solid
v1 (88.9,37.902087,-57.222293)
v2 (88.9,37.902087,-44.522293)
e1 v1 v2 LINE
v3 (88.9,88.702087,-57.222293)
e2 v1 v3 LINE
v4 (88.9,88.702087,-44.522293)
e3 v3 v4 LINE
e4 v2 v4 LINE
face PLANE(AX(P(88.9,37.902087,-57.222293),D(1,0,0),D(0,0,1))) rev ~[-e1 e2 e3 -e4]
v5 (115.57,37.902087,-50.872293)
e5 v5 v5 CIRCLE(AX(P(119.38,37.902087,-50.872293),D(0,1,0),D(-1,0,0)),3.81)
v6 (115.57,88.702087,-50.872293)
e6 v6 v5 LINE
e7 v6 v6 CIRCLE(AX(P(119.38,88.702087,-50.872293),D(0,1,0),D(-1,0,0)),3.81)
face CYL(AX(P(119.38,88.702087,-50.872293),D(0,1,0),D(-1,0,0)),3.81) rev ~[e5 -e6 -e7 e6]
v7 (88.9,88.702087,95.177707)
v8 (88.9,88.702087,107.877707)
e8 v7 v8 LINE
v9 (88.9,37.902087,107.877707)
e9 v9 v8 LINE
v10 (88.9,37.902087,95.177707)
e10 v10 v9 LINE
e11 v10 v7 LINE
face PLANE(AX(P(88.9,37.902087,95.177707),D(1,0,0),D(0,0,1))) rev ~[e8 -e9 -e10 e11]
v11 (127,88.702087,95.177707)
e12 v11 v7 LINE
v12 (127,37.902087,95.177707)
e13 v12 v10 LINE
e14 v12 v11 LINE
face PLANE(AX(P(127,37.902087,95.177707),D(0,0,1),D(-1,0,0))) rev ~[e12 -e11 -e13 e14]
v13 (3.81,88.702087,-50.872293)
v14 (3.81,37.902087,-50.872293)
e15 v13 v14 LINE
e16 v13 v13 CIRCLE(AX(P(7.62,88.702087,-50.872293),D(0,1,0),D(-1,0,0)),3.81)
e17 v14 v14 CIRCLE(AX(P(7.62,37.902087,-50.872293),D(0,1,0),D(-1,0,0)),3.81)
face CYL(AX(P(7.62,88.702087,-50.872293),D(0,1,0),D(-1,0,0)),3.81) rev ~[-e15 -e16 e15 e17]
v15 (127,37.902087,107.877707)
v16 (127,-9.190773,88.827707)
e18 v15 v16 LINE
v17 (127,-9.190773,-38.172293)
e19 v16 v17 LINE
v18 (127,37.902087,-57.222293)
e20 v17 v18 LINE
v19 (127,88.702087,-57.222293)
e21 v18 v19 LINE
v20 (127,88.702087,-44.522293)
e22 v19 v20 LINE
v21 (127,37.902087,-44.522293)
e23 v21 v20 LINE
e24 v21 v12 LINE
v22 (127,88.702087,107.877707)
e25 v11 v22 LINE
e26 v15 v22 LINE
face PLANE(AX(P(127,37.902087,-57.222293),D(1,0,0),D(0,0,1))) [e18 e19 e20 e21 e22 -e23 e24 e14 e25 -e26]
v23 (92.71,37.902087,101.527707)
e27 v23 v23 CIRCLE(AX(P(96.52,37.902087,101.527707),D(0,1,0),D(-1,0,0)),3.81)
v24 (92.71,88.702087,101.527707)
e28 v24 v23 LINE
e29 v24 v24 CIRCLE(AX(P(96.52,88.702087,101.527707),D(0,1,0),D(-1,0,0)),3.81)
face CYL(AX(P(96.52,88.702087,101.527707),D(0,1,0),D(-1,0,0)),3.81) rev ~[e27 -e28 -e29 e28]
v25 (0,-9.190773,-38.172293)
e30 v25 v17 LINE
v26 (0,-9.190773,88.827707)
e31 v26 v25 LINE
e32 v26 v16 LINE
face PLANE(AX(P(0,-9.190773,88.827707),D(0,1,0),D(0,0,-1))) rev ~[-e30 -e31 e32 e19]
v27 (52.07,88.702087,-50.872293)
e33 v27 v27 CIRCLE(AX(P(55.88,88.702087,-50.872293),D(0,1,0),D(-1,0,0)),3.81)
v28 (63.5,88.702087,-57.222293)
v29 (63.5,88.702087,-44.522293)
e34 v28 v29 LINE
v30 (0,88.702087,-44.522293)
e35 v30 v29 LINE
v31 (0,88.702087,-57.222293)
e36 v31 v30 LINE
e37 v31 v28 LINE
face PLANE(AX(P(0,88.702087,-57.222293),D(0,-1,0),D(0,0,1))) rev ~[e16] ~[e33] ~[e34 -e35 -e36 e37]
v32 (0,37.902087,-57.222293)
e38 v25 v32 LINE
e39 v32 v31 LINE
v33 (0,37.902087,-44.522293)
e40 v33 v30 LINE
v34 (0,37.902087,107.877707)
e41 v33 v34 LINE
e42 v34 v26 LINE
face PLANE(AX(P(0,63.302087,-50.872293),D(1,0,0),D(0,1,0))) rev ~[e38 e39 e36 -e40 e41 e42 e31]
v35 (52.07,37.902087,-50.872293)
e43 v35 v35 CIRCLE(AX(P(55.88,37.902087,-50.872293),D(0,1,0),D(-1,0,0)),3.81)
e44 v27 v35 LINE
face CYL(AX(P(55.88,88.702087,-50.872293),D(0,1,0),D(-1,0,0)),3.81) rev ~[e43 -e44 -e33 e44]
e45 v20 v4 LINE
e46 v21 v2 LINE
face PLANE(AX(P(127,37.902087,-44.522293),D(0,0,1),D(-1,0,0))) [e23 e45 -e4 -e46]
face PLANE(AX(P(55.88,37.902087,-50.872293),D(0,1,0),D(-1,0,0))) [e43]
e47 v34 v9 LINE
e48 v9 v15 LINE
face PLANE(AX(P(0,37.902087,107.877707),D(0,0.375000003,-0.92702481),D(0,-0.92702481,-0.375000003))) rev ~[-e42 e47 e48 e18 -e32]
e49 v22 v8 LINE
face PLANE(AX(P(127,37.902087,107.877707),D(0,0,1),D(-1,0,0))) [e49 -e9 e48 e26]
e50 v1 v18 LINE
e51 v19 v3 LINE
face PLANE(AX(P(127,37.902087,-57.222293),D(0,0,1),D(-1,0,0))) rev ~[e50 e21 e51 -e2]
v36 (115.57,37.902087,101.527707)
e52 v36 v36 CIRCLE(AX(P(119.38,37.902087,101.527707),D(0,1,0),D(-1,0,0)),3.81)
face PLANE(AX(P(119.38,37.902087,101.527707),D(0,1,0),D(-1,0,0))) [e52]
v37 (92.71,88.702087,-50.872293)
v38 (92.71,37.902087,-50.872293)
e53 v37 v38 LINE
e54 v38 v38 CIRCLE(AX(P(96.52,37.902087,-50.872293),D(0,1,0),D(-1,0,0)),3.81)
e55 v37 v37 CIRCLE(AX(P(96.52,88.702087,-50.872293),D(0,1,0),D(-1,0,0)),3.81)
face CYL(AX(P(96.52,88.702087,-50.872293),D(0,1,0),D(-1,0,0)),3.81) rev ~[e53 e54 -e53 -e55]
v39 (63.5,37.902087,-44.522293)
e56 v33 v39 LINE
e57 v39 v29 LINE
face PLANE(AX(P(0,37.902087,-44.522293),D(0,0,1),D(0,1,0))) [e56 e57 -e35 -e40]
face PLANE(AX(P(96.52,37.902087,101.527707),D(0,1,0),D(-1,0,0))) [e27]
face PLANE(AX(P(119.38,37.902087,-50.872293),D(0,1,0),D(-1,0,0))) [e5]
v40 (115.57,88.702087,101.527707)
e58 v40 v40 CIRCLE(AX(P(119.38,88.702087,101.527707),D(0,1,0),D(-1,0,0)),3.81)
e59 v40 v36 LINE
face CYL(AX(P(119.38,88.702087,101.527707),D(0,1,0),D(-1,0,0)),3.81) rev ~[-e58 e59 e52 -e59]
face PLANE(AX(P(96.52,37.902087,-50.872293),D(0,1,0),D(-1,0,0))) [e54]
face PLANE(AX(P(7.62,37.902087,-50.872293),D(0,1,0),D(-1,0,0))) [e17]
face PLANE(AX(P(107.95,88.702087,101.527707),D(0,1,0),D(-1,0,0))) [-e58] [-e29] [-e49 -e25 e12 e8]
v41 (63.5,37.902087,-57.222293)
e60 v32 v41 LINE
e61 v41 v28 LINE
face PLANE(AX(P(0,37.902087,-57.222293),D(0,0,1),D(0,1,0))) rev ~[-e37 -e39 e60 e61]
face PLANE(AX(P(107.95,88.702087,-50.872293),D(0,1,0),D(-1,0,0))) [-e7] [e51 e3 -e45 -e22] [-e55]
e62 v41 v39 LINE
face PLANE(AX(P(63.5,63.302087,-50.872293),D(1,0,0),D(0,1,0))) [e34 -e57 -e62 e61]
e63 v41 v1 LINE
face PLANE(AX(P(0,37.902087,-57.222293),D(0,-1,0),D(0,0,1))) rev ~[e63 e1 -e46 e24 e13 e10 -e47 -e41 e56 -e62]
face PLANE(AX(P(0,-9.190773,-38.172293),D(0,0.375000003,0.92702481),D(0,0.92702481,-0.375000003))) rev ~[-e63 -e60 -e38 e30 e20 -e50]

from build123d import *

# Parameters (mm, degrees)
F1_DEPTH  = 127
F0_W      = 50.8
F0_H      = 12.7
F2_DEPTH  = 63.5
F3_W      = 38.1
F3_H      = 12.7
F4_DEPTH  = 50.8
F5_R      = 3.81
F6_DEPTH  = 50.8
F7_R      = 3.81
F8_DEPTH  = 50.8
F9_R      = 3.81
F10_DEPTH = 50.8


with BuildPart() as f1:
    # F0 (on Right) → F1 (new body)
    with BuildSketch(Plane.YZ):
        Polygon((37.902087, -44.522293), (37.902087, 107.877707), (-9.190773, 88.827707), (-9.190773, -38.172293), (37.902087, -57.222293), align=None)
    extrude(amount=F1_DEPTH)

    # F0 (on Right) → F2 (join)
    with BuildSketch(Plane.YZ):
        with Locations((63.302087, -50.872293)):
            Rectangle(F0_W, F0_H)
    extrude(amount=F2_DEPTH)

    # F3 (on face) → F4 (join)
    with BuildSketch(Plane(origin=(0, 37.902087, 0), x_dir=(-1, 0, 0), z_dir=(0, 1, 0))):
        with Locations((-107.95, -50.872293)):
            Rectangle(F3_W, F3_H)
        with Locations((-107.95, 101.527707)):
            Rectangle(F3_W, F3_H)
    extrude(amount=F4_DEPTH)

    # F5 (on face) → F6 (cut)
    with BuildSketch(Plane(origin=(0, 88.702087, 0), x_dir=(-1, 0, 0), z_dir=(0, 1, 0))):
        with Locations((-96.52, 101.527707)):
            Circle(F5_R)
        with Locations((-119.38, 101.527707)):
            Circle(F5_R)
    extrude(amount=-F6_DEPTH, mode=Mode.SUBTRACT)

    # F7 (on face) → F8 (cut)
    with BuildSketch(Plane(origin=(0, 88.702087, 0), x_dir=(-1, 0, 0), z_dir=(0, 1, 0))):
        with Locations((-96.52, -50.872293)):
            Circle(F7_R)
        with Locations((-119.38, -50.872293)):
            Circle(F7_R)
    extrude(amount=-F8_DEPTH, mode=Mode.SUBTRACT)

    # F9 (on face) → F10 (cut)
    with BuildSketch(Plane(origin=(0, 88.702087, 0), x_dir=(-1, 0, 0), z_dir=(0, 1, 0))):
        with Locations((-55.88, -50.872293)):
            Circle(F9_R)
        with Locations((-7.62, -50.872293)):
            Circle(F9_R)
    extrude(amount=-F10_DEPTH, mode=Mode.SUBTRACT)


solid = f1.part
